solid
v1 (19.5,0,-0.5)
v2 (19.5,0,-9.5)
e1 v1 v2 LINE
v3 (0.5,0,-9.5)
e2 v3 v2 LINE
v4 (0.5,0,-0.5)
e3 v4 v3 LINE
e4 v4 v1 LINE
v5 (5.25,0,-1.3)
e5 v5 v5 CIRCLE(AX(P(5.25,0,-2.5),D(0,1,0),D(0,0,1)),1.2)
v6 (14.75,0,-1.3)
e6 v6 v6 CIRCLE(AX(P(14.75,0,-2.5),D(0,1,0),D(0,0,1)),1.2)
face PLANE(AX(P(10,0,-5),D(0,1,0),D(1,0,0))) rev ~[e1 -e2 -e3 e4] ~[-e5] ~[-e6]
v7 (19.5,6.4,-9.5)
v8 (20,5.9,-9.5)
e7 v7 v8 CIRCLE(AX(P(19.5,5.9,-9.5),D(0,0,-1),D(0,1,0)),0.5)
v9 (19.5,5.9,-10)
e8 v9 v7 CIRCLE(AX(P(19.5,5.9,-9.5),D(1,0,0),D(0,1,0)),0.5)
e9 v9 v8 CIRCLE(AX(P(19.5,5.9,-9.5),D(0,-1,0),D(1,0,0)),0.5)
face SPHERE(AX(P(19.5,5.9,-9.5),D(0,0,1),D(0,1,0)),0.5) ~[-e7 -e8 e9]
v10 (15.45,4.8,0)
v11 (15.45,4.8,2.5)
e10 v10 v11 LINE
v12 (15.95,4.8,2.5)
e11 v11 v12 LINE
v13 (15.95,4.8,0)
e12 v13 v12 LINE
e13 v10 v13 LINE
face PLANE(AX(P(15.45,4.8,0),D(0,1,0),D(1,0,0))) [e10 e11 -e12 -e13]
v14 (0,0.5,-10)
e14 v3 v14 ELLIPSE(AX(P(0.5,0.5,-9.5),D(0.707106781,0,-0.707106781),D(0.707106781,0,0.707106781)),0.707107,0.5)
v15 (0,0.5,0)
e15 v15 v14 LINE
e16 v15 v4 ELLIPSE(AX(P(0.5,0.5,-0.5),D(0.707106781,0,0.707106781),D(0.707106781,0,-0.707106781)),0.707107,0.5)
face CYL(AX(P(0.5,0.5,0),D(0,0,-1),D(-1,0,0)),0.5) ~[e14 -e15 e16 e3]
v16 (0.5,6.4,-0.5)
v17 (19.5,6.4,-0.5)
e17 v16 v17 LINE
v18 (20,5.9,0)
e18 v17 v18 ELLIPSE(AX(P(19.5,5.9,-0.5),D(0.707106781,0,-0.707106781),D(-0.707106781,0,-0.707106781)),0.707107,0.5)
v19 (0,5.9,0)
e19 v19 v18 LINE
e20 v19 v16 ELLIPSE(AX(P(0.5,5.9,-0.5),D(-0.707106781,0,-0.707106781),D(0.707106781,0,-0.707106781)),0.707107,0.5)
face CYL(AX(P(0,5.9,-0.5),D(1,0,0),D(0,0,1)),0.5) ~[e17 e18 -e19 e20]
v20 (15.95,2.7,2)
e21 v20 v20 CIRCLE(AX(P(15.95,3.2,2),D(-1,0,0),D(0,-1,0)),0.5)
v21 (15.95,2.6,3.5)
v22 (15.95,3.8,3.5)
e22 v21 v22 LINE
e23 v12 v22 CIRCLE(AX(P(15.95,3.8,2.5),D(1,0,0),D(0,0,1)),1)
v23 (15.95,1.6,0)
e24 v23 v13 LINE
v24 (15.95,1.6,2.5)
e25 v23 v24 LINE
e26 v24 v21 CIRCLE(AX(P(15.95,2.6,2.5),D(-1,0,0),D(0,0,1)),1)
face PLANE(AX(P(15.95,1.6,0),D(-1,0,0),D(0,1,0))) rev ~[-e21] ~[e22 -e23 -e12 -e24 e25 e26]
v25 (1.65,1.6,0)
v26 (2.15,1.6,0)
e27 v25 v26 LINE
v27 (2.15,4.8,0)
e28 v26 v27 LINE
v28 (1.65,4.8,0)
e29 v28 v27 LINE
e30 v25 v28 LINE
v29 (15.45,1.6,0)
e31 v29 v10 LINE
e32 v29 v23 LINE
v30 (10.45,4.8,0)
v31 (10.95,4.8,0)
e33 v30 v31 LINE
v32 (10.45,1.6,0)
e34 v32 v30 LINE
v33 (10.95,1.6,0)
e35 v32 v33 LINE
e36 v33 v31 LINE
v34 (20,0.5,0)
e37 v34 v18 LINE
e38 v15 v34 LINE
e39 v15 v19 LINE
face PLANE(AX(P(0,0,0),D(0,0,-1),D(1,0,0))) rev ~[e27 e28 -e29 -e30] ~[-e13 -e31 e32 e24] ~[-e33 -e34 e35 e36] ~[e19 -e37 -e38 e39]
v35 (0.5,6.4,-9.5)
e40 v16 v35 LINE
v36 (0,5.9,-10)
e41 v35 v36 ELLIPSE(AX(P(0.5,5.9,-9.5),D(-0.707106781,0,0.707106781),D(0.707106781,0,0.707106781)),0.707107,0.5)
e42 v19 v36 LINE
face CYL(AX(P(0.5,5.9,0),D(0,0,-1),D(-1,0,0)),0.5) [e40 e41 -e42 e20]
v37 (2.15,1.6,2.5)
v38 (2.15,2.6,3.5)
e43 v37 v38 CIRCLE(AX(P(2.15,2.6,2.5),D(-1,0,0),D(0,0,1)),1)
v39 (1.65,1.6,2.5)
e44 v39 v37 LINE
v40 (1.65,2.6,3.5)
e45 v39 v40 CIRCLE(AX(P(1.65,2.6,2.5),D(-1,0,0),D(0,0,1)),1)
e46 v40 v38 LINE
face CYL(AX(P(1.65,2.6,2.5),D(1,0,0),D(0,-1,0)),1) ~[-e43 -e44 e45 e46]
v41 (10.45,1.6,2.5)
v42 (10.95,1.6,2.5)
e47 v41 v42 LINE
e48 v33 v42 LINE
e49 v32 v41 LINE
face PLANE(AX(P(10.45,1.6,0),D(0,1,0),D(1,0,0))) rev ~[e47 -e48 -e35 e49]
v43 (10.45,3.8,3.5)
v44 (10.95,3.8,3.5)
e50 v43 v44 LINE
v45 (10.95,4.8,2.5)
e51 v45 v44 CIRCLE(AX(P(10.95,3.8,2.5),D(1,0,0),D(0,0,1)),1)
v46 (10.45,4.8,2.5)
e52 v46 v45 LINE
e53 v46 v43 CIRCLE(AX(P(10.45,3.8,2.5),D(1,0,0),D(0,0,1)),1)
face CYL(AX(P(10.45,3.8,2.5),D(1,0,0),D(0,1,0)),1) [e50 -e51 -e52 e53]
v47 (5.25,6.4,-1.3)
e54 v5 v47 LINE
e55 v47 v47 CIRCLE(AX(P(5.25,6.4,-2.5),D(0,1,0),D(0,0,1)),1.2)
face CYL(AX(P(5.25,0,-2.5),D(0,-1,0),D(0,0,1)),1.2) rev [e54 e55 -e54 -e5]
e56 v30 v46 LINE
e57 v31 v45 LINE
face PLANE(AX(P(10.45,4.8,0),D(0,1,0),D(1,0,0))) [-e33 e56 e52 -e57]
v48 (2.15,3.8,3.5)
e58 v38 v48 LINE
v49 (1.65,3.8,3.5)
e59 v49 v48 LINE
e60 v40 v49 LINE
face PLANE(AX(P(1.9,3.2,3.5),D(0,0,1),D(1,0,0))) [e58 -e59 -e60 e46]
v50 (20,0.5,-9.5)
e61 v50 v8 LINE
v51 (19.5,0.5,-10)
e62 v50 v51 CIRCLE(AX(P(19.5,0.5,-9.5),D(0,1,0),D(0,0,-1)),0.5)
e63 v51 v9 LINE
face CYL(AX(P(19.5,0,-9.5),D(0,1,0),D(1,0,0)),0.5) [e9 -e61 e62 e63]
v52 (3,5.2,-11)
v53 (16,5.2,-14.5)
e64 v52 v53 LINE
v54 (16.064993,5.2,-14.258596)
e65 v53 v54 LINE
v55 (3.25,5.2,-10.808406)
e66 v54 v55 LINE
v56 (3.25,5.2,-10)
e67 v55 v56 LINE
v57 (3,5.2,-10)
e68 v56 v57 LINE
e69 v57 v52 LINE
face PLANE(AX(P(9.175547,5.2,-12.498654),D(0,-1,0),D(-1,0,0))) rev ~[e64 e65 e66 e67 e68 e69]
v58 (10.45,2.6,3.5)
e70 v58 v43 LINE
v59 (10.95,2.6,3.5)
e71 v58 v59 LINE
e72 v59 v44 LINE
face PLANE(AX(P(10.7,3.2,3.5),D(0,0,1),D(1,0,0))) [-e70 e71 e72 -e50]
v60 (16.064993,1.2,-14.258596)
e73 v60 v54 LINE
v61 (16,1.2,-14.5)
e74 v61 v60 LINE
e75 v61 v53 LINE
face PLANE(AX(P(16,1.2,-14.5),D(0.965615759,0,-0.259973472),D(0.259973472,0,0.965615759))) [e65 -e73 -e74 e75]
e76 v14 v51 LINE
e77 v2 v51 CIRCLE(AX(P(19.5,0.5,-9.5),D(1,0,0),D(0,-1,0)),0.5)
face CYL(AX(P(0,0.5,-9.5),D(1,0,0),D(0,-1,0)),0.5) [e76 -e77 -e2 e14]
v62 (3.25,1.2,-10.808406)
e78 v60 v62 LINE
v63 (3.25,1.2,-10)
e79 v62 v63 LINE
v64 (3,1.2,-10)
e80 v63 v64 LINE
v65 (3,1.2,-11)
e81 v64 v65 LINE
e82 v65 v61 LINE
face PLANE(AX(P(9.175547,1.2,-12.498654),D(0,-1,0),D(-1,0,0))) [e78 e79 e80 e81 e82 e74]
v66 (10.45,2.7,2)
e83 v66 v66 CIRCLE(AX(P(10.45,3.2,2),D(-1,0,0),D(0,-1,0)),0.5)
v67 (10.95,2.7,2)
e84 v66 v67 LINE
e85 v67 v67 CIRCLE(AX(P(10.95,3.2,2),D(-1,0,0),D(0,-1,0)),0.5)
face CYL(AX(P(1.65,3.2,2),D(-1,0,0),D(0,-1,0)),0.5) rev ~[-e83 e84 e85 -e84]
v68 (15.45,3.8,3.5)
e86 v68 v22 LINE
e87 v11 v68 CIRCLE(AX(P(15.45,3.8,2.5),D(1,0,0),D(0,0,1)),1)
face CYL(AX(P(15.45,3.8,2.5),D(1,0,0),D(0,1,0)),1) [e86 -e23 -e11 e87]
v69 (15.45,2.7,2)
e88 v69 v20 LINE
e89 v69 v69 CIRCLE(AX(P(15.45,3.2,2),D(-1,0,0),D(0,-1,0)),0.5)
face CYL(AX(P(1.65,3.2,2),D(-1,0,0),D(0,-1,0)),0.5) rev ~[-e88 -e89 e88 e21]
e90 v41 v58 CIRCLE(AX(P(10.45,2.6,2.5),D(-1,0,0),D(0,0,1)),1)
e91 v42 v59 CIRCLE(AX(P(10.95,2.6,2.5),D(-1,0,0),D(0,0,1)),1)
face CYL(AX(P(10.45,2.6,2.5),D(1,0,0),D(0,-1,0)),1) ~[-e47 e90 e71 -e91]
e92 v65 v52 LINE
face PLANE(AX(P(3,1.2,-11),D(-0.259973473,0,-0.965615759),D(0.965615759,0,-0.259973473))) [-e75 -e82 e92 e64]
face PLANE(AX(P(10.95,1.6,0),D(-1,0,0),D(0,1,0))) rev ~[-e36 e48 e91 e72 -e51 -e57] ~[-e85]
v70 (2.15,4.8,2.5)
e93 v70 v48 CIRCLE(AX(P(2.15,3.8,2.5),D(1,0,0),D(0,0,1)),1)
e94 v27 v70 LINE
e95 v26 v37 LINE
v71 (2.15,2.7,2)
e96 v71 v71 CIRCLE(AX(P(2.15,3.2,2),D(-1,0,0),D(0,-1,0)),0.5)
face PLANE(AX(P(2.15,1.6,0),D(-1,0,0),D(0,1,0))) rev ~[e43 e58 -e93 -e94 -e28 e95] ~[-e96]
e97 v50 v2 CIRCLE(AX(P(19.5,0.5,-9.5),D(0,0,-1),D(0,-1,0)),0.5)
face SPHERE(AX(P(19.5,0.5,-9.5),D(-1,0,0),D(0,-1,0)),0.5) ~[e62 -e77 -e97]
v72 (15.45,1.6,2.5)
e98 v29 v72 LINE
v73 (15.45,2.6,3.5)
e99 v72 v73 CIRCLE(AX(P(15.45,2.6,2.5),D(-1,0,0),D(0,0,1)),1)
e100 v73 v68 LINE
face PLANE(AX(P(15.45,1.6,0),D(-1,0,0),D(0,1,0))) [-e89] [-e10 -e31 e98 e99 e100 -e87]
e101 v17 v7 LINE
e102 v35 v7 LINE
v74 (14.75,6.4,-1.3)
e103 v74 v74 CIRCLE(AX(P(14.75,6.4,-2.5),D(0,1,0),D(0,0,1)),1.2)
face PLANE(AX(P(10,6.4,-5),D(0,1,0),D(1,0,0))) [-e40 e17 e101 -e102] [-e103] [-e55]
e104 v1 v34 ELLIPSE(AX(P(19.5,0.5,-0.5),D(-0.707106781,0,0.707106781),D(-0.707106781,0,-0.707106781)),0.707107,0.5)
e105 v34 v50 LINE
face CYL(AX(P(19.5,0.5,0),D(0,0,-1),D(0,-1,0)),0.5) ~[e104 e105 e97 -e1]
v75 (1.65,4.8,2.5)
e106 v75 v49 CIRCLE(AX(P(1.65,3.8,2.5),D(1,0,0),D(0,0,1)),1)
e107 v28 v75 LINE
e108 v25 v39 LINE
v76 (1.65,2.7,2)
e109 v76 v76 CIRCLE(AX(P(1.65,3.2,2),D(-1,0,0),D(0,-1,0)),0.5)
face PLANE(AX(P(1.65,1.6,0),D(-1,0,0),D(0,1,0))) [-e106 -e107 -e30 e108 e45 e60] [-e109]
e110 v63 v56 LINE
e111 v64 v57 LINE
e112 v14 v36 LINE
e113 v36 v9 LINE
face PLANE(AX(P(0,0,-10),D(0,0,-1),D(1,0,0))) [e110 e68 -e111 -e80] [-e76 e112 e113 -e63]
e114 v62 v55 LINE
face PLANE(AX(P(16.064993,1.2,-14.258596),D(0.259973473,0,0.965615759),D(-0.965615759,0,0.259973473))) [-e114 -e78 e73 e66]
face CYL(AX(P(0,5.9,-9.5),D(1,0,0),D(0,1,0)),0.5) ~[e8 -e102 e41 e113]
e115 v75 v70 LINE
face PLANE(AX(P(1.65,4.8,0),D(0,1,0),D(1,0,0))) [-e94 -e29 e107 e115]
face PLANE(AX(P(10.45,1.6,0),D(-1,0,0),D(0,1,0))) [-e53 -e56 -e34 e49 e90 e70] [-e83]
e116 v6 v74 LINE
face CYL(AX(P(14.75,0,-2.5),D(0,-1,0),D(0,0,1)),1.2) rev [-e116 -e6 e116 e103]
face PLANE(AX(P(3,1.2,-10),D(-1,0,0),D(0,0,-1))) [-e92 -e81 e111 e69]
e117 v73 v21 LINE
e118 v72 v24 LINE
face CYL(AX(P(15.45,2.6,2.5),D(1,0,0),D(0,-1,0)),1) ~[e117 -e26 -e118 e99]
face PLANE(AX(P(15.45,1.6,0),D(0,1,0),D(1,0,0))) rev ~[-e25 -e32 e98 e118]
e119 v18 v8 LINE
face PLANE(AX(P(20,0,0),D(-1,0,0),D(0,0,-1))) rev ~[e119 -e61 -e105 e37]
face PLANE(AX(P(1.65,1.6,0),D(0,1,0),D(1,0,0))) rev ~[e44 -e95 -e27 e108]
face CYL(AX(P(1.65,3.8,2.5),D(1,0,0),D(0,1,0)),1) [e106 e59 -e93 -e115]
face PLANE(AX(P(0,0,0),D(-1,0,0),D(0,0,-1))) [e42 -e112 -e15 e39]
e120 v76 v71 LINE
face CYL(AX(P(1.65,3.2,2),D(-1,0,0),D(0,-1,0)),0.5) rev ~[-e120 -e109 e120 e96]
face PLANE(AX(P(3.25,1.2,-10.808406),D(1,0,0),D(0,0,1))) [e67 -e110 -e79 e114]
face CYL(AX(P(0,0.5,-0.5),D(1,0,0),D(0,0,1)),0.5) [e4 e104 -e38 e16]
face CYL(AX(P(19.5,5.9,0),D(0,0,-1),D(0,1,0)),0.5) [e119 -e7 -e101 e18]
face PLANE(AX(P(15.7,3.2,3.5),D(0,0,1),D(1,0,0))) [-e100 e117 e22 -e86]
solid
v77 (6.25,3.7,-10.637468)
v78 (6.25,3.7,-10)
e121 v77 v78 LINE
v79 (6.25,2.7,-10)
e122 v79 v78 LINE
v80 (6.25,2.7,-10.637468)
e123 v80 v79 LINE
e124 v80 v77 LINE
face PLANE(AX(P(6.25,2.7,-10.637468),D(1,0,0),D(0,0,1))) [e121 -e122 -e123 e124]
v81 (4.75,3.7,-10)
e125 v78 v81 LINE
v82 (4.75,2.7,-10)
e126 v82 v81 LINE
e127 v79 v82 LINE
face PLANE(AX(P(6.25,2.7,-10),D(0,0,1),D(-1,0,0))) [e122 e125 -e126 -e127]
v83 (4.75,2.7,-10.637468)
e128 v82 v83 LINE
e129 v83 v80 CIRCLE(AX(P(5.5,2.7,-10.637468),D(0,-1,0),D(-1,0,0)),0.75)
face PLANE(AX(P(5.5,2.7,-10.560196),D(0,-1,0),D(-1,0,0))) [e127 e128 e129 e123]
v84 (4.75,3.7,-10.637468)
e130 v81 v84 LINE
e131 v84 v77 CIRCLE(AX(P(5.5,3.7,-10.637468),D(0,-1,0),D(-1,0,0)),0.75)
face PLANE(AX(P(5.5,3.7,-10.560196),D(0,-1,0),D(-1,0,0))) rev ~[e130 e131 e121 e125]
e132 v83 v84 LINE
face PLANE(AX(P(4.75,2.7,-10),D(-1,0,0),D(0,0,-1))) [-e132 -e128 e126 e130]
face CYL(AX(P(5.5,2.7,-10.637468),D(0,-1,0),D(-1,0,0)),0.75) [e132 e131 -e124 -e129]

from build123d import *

# Parameters (mm, degrees)
SKETCH1_W                = 20
SKETCH1_H                = 10
SKETCH1_R                = 1.2
BOSS_EXTRUDE1_DEPTH      = 6.4
SKETCH2_W                = 0.5
SKETCH2_H                = 3.2
BOSS_EXTRUDE2_DEPTH      = 3.5
SKETCH3_R                = 0.5
CUT_EXTRUDE1_DEPTH       = 22.855948847
FILLET1_R                = 1
FILLET2_R                = 0.5
EXTRUDE_THIN2_DEPTH      = 2
EXTRUDE_THIN2_DEPTH_BACK = 2
BOSS_EXTRUDE6_DEPTH      = 0.5
BOSS_EXTRUDE6_DEPTH_BACK = 0.5


with BuildPart() as part:
    # Sketch1 → Boss-Extrude1 (new body)
    with BuildSketch(Plane(origin=(0, 0, 0), x_dir=(1, 0, 0), z_dir=(0, 1, 0))):
        with Locations((10, 5)):
            Rectangle(SKETCH1_W, SKETCH1_H)
        with Locations(Location((5.25, 2.5, 0), (0, 0, 270))):
            Circle(SKETCH1_R, mode=Mode.SUBTRACT)
        with Locations(Location((14.75, 2.5, 0), (0, 0, 270))):
            Circle(SKETCH1_R, mode=Mode.SUBTRACT)
    extrude(amount=BOSS_EXTRUDE1_DEPTH)

    # Sketch2 → Boss-Extrude2 (add)
    with BuildSketch(Plane.XY):
        with Locations((15.7, 3.2)):
            Rectangle(SKETCH2_W, SKETCH2_H)
        with Locations((10.7, 3.2)):
            Rectangle(SKETCH2_W, SKETCH2_H)
        with Locations((1.9, 3.2)):
            Rectangle(SKETCH2_W, SKETCH2_H)
    extrude(amount=BOSS_EXTRUDE2_DEPTH)

    # Sketch3 → Cut-Extrude1 (cut, through all)
    with BuildSketch(Plane.ZY.offset(-1.65)):
        with Locations(Location((2, 3.2, 0), (0, 0, 270))):
            Circle(SKETCH3_R)
    extrude(amount=-CUT_EXTRUDE1_DEPTH, mode=Mode.SUBTRACT)

    # Fillet1
    fillet1_edges = [part.edges().sort_by_distance(p)[0] for p in [
        (15.7, 1.6, 3.5),
        (15.7, 4.8, 3.5),
        (10.7, 4.8, 3.5),
        (10.7, 1.6, 3.5),
        (1.9, 4.8, 3.5),
        (1.9, 1.6, 3.5),
    ]]
    fillet(fillet1_edges, radius=FILLET1_R)

    # Fillet2
    fillet2_edges = [part.edges().sort_by_distance(p)[0] for p in [
        (20, 6.4, -5),
        (10, 6.4, -10),
        (0, 6.4, -5),
        (10, 0, -10),
        (20, 0, -5),
        (10, 0, 0),
        (0, 0, -5),
        (10, 6.4, 0),
        (20, 3.2, -10),
    ]]
    fillet(fillet2_edges, radius=FILLET2_R)

    # Sketch4 → Extrude-Thin2 (add, two sides: drawn at the far end of the back side and taken through both)
    with BuildSketch(Plane(origin=(0, 3.2, 0), x_dir=(1, 0, 0), z_dir=(0, 1, 0)).offset(-EXTRUDE_THIN2_DEPTH_BACK)):
        Polygon((3, 10), (3, 11), (16, 14.5), (16.064993368, 14.25859606), (3.25, 10.808405538), (3.25, 10), align=None)
    extrude(amount=EXTRUDE_THIN2_DEPTH + EXTRUDE_THIN2_DEPTH_BACK)


with BuildPart() as body_2:
    # Sketch5 → Boss-Extrude6 (new, two sides: drawn at the far end of the back side and taken through both)
    with BuildSketch(Plane(origin=(0, 3.2, 0), x_dir=(1, 0, 0), z_dir=(0, 1, 0)).offset(-BOSS_EXTRUDE6_DEPTH_BACK)):
        with BuildLine():
            Line((4.75, 10), (4.75, 10.637468306))
            ThreePointArc((4.75, 10.637468306), (5.5, 11.387468306), (6.25, 10.637468306))
            Line((6.25, 10.637468306), (6.25, 10))
            Line((6.25, 10), (4.75, 10))
        make_face()
    extrude(amount=BOSS_EXTRUDE6_DEPTH + BOSS_EXTRUDE6_DEPTH_BACK)


solid = Compound([part.part, body_2.part])
